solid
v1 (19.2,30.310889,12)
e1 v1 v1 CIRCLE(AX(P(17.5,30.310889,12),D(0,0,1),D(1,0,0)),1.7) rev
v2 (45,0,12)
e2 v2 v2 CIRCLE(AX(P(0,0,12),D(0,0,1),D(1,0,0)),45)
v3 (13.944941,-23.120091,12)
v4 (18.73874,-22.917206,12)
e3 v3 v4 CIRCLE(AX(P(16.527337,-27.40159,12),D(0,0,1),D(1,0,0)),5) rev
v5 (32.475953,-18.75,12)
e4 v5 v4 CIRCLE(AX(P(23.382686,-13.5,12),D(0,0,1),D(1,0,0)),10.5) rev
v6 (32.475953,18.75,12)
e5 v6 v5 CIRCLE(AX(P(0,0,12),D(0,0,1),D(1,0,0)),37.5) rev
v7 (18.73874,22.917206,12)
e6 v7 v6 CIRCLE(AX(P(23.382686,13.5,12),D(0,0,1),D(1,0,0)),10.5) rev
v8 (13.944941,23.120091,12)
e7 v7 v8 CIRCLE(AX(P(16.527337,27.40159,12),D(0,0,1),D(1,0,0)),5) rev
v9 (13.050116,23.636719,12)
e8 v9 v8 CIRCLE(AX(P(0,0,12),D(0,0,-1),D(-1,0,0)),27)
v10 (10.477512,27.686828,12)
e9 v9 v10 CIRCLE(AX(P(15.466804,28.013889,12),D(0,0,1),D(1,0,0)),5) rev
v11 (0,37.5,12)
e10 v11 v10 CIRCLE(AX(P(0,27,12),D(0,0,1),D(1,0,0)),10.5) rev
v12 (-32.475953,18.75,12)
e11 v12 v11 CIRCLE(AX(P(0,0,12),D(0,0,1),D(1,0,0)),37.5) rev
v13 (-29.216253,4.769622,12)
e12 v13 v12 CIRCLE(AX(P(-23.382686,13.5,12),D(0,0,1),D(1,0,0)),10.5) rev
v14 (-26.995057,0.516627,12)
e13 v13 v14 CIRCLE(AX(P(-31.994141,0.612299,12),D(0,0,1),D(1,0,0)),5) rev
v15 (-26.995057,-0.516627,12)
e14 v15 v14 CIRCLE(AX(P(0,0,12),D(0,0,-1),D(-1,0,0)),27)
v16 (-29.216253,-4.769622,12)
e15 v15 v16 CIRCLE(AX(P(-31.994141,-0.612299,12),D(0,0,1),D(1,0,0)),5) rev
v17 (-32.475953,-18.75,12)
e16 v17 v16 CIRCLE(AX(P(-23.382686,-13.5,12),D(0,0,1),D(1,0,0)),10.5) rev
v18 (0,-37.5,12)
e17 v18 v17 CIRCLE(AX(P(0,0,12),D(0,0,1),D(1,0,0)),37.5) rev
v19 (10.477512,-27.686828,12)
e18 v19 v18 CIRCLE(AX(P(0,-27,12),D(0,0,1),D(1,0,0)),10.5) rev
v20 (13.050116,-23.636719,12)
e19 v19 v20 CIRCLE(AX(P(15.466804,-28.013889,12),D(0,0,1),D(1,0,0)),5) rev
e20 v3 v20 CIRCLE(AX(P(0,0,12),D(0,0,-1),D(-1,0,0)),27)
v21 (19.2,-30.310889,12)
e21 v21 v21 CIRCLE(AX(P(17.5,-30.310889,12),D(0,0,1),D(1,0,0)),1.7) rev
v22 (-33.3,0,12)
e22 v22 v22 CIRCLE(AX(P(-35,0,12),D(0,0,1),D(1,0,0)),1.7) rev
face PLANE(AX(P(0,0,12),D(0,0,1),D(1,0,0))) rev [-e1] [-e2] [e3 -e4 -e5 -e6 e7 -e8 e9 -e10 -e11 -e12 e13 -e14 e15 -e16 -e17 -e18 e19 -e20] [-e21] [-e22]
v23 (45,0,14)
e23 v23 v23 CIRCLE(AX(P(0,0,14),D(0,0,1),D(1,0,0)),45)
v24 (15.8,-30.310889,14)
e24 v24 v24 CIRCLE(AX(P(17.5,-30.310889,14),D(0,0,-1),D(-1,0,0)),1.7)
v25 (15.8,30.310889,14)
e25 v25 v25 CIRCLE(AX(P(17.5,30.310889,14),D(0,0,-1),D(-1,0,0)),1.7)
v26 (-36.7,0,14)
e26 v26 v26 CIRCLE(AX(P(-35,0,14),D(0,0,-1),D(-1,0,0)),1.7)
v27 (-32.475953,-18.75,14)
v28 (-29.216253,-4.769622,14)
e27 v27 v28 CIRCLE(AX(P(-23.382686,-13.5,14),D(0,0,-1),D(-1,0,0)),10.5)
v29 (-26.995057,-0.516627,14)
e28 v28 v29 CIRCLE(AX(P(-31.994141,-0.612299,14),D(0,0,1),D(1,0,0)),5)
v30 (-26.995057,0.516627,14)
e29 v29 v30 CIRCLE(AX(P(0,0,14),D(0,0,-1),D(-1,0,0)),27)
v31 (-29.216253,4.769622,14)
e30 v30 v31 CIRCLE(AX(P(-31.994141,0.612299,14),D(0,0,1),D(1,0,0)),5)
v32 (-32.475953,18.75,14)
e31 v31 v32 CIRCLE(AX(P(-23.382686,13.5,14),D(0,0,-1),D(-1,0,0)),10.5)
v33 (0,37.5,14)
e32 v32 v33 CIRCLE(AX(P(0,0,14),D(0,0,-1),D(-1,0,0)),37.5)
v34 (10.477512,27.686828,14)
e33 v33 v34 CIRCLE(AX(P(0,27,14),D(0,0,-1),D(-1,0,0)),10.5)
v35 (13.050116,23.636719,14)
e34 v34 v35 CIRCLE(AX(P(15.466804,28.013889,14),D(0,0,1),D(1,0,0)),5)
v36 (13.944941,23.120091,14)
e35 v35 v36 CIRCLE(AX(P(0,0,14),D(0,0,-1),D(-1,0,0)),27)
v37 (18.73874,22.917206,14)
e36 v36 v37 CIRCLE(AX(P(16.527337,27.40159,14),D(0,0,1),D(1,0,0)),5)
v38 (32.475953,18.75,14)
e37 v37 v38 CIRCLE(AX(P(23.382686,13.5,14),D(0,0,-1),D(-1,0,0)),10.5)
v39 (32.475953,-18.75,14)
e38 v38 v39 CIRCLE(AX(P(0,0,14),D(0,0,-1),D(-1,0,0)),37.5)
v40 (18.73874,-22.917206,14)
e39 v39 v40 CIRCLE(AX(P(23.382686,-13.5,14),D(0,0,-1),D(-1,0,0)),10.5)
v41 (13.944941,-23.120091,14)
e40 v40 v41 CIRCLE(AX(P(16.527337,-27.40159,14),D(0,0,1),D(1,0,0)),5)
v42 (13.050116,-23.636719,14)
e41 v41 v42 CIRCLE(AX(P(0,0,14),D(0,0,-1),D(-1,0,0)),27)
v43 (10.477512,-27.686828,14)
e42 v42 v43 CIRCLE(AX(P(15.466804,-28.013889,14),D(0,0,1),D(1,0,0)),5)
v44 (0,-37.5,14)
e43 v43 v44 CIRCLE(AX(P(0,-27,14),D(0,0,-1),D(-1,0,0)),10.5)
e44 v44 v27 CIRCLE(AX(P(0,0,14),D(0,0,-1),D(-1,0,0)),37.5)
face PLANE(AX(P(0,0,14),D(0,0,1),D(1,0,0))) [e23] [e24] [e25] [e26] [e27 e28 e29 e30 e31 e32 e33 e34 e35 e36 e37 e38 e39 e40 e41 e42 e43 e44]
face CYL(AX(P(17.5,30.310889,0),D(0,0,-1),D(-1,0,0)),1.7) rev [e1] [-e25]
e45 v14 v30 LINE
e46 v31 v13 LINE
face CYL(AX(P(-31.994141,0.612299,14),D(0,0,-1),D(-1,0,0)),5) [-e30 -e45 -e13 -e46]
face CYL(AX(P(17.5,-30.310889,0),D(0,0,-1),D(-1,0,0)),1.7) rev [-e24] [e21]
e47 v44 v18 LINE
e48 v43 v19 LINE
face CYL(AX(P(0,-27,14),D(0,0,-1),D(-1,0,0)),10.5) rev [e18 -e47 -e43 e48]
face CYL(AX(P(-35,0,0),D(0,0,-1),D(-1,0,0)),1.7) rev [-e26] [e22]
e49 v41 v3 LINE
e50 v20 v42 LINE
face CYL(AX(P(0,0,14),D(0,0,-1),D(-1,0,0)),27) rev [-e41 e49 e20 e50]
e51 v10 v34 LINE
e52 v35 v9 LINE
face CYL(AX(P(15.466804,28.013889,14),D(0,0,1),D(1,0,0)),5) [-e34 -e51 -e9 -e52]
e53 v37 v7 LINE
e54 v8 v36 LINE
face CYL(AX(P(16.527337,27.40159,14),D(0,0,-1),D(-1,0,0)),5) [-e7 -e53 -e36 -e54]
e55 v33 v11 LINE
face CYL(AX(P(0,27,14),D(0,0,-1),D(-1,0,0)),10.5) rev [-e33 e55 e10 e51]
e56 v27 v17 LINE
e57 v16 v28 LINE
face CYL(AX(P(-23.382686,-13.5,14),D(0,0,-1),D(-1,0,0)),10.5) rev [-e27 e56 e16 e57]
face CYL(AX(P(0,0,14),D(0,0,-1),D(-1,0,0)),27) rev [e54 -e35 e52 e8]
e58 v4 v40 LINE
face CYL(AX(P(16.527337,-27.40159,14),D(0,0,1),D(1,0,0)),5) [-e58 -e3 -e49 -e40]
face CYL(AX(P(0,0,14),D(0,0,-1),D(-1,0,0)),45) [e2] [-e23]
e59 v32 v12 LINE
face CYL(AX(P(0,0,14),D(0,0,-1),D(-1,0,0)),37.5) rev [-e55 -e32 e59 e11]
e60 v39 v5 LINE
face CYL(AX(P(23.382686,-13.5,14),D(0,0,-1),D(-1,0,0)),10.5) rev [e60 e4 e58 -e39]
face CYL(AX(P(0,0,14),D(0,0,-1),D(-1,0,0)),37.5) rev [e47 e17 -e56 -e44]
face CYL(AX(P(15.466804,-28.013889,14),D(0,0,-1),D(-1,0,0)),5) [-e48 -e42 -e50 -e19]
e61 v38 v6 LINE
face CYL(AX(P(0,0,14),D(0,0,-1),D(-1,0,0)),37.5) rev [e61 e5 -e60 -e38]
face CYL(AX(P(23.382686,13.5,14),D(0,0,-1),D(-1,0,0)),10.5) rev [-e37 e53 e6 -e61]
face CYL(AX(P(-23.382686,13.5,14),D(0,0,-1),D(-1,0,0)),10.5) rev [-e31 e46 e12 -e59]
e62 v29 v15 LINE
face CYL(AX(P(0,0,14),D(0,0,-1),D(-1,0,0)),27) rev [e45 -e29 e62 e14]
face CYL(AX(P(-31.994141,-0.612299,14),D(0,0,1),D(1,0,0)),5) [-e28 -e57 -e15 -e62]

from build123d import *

# Parameters (mm, degrees)
SKETCH_1_R          = 40
EXTRUDE_1_DEPTH     = 12
SKETCH_8_R          = 45
EXTRUDE_3_DEPTH     = 2
SKETCH_2_R          = 7.5
CUT_EXTRUDE_1_DEPTH = 66.161338231
HOLE_WIZARD_M32_D   = 3.4
CUT_EXTRUDE_2_DEPTH = 66.161338231
HOLE_WIZARD_M33_D   = 3.4
SKETCH_17_R         = 42.242904023
CUT_EXTRUDE_3_DEPTH = 12
SKETCH_18_R         = 27
CUT_EXTRUDE_4_DEPTH = 64.671029519
FILLET_1_R          = 5


with BuildPart() as part:
    # Эскиз1 → Бобышка-Вытянуть1 (new body)
    with BuildSketch(Plane.XY):
        Circle(SKETCH_1_R)
    extrude(amount=EXTRUDE_1_DEPTH)

    # Эскиз8 → Бобышка-Вытянуть3 (add)
    with BuildSketch(Plane.XY.offset(12)):
        Circle(SKETCH_8_R)
    extrude(amount=EXTRUDE_3_DEPTH)

    # Эскиз2 → Вырез-Вытянуть1 (cut, through all)
    with BuildSketch(Plane(origin=(0, 0, 14), x_dir=(-1, 0, 0), z_dir=(0, 0, -1))):
        Circle(SKETCH_2_R)
    extrude(amount=CUT_EXTRUDE_1_DEPTH, mode=Mode.SUBTRACT)

    # Отверстие с зазором M32 (through all)
    with Locations(Plane.XY.offset(14)):
        with Locations((6.25, 10.825317547), (-12.5, 0), (6.25, -10.825317547)):
            Hole(HOLE_WIZARD_M32_D / 2)

    # Эскиз10 → Вырез-Вытянуть2 (cut, through all)
    with BuildSketch(Plane(origin=(0, 0, 0), x_dir=(-1, 0, 0), z_dir=(0, 0, -1))):
        with BuildLine():
            ThreePointArc((32.475952642, -18.75), (28.632685902, -4.40673326), (14.289419162, -8.25))
            ThreePointArc((14.289419162, -8.25), (8.25, -14.289419162), (0, -16.5))
            ThreePointArc((0, -16.5), (-10.5, -27), (0, -37.5))
            ThreePointArc((0, -37.5), (18.75, -32.475952642), (32.475952642, -18.75))
        make_face()
        with BuildLine():
            ThreePointArc((32.475952642, 18.75), (18.75, 32.475952642), (0, 37.5))
            ThreePointArc((0, 37.5), (-10.5, 27), (0, 16.5))
            ThreePointArc((0, 16.5), (8.25, 14.289419162), (14.289419162, 8.25))
            ThreePointArc((14.289419162, 8.25), (28.632685902, 4.40673326), (32.475952642, 18.75))
        make_face()
        with BuildLine():
            ThreePointArc((-32.475952642, -18.75), (-18.132685902, -22.59326674), (-14.289419162, -8.25))
            ThreePointArc((-14.289419162, -8.25), (-16.5, 0), (-14.289419162, 8.25))
            ThreePointArc((-14.289419162, 8.25), (-18.132685902, 22.59326674), (-32.475952642, 18.75))
            ThreePointArc((-32.475952642, 18.75), (-37.5, 0), (-32.475952642, -18.75))
        make_face()
    extrude(amount=-CUT_EXTRUDE_2_DEPTH, mode=Mode.SUBTRACT)

    # Отверстие с зазором M33 (through all)
    with Locations(Plane(origin=(0, 0, 0), x_dir=(-1, 0, 0), z_dir=(0, 0, -1))):
        with Locations((-17.5, 30.310889132), (35, 0), (-17.5, -30.310889132)):
            Hole(HOLE_WIZARD_M33_D / 2)

    # Эскиз17 → Вырез-Вытянуть3 (cut)
    with BuildSketch(Plane(origin=(0, 0, 0), x_dir=(-1, 0, 0), z_dir=(0, 0, -1))):
        Circle(SKETCH_17_R)
    extrude(amount=-CUT_EXTRUDE_3_DEPTH, mode=Mode.SUBTRACT)

    # Эскиз18 → Вырез-Вытянуть4 (cut, through all)
    with BuildSketch(Plane(origin=(0, 0, 12), x_dir=(-1, 0, 0), z_dir=(0, 0, -1))):
        Circle(SKETCH_18_R)
    extrude(amount=-CUT_EXTRUDE_4_DEPTH, mode=Mode.SUBTRACT)

    # Скругление1
    fillet_1_edges = [part.edges().sort_by_distance(p)[0] for p in [
        (16.464754658, 21.398875065, 13),
        (10.29959209, 24.958333333, 13),
        (-26.764346748, 3.559458268, 13),
        (-26.764346748, -3.559458268, 13),
        (10.29959209, -24.958333333, 13),
        (16.464754658, -21.398875065, 13),
    ]]
    fillet(fillet_1_edges, radius=FILLET_1_R)


solid = part.part
